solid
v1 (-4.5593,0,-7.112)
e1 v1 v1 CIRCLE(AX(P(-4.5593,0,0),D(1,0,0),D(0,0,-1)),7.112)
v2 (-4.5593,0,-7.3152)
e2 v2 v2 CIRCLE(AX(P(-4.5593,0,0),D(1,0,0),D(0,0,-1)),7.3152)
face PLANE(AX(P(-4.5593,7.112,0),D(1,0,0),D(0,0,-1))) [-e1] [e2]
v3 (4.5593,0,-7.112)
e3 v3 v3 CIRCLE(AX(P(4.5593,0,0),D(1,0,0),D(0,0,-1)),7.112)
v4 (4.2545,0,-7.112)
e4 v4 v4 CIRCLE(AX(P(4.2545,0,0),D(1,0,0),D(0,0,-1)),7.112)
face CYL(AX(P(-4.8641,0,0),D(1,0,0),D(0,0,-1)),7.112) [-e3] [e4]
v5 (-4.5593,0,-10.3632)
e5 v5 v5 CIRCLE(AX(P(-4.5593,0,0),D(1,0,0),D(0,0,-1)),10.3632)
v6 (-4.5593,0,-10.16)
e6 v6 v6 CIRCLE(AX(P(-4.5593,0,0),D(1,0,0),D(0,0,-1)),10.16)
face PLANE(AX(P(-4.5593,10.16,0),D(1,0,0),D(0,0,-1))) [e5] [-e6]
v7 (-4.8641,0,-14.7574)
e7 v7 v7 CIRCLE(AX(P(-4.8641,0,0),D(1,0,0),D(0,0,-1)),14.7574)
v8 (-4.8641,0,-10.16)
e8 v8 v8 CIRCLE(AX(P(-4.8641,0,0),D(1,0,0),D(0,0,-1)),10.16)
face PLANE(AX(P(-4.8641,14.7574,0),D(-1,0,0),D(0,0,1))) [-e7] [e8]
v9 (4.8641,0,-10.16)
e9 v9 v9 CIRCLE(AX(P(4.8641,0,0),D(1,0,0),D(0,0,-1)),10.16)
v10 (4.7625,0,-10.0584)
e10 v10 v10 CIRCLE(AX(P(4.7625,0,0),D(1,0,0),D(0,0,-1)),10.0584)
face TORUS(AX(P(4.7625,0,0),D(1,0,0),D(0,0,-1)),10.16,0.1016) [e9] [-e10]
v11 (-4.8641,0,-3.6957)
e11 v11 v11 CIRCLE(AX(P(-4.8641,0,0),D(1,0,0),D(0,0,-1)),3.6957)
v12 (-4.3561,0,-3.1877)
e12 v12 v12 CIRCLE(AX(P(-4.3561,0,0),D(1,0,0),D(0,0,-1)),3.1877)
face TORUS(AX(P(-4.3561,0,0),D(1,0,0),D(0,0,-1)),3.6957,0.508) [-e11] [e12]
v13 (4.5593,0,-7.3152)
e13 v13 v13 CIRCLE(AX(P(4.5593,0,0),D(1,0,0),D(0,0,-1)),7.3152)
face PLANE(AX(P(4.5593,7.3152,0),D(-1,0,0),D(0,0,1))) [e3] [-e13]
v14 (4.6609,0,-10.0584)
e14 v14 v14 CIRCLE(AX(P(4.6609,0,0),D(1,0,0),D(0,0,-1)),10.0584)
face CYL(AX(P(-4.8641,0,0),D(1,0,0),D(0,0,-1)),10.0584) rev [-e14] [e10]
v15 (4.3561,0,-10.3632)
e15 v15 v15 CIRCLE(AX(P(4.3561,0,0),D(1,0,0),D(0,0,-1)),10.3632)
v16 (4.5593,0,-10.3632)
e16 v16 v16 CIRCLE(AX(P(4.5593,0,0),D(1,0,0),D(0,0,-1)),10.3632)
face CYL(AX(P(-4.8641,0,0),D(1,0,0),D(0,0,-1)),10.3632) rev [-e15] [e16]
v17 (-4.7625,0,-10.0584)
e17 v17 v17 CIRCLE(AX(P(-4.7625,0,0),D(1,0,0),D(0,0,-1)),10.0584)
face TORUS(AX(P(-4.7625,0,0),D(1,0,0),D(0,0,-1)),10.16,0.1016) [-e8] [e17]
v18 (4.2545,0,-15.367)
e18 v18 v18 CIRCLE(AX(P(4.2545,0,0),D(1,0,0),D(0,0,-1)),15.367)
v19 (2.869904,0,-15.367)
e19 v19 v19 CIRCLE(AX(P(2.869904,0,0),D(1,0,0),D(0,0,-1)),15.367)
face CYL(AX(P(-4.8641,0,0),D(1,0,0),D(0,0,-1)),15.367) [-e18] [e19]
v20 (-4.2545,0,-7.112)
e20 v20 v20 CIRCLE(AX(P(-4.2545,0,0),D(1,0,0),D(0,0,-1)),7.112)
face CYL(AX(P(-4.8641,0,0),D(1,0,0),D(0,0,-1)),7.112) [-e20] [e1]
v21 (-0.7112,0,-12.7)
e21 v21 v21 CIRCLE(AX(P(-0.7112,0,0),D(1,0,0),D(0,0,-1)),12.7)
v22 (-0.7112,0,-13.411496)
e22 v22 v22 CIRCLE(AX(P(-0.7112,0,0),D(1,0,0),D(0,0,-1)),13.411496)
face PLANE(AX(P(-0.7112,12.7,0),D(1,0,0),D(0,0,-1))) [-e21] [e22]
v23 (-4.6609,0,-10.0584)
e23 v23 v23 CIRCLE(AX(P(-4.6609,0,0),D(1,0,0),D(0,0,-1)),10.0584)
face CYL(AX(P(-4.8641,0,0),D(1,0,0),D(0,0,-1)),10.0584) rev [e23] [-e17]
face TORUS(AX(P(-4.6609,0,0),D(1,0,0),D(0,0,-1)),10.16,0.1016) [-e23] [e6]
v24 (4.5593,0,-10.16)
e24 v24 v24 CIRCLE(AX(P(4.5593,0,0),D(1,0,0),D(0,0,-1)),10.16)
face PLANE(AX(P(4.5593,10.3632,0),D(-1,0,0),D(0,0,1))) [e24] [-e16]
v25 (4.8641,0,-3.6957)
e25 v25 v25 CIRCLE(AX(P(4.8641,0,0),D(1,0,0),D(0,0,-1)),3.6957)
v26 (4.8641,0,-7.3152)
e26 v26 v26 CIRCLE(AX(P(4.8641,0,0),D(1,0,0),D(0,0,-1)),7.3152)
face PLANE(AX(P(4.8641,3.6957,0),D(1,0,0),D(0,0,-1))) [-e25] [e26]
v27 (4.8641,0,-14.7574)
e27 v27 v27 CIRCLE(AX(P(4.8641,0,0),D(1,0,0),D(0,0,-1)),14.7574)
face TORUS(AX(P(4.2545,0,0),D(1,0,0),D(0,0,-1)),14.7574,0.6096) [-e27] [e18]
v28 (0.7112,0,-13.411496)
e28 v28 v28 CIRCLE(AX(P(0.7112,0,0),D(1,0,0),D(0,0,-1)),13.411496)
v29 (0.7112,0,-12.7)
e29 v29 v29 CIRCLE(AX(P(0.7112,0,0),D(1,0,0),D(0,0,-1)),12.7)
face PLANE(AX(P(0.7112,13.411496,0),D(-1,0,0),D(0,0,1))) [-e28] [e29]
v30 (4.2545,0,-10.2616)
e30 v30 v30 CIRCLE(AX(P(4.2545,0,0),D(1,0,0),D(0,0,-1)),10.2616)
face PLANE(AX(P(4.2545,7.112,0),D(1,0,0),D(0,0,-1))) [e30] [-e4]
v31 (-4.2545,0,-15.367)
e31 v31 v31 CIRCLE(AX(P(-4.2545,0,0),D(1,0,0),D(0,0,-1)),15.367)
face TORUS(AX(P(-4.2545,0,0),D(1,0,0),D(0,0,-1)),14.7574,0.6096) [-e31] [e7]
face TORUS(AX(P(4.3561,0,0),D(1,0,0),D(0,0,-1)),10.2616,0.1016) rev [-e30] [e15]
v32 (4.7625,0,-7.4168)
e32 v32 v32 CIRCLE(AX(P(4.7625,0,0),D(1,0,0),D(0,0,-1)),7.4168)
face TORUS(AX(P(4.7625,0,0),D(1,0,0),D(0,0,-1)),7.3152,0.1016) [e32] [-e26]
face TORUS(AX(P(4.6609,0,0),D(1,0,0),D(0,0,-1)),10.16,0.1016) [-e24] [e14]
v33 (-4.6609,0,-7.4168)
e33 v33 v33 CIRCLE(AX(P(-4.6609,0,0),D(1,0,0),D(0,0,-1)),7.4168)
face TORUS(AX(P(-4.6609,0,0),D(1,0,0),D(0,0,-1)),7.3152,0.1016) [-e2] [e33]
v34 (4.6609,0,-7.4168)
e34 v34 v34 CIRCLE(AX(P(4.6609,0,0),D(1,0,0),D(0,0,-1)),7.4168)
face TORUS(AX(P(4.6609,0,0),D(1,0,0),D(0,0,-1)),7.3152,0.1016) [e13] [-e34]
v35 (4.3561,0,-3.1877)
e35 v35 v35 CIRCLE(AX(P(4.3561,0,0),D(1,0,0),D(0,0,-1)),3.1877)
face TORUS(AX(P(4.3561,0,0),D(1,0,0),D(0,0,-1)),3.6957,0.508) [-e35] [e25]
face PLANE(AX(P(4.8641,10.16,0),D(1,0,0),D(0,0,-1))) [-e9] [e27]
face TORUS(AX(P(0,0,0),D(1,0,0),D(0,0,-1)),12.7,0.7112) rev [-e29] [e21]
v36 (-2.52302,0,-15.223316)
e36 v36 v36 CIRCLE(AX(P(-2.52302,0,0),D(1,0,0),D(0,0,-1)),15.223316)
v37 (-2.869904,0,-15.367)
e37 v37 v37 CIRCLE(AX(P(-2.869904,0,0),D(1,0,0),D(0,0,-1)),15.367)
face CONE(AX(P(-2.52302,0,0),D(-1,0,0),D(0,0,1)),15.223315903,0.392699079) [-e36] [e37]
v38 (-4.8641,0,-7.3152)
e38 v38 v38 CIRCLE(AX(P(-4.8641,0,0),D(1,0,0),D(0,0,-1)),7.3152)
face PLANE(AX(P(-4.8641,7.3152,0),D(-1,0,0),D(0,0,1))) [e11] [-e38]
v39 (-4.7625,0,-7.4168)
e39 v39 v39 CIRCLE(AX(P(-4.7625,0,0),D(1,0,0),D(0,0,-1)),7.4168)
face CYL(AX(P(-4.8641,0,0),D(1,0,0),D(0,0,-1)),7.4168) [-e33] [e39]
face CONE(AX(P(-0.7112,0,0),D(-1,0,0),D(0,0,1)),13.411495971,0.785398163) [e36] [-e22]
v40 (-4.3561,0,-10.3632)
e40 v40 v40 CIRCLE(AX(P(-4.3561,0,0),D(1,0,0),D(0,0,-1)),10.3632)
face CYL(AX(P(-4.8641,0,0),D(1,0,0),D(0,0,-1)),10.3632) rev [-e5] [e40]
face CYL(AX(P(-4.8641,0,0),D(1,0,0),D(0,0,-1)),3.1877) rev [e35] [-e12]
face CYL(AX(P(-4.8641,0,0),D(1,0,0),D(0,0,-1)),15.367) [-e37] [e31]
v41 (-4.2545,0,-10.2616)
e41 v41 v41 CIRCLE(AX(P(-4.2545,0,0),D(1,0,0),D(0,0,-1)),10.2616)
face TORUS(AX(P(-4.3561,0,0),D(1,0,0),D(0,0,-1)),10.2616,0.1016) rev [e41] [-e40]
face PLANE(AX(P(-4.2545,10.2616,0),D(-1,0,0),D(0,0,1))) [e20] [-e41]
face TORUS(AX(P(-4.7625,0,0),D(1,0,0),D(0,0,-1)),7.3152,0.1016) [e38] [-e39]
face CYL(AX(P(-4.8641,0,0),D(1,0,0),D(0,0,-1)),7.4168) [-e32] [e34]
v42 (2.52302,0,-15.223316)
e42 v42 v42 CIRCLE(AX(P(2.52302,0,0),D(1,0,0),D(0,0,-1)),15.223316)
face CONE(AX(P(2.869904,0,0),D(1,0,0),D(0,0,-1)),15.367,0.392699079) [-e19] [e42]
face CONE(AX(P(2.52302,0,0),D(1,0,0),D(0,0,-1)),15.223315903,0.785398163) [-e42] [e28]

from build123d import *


with BuildPart() as part:
    # Sketch1 → Revolve1 (revolve)
    with BuildSketch(Plane.XY, mode=Mode.PRIVATE) as revolve1_sk:
        with BuildLine():
            Line((-4.8641, 7.3152), (-4.8641, 3.6957))
            ThreePointArc((-4.8641, 3.6957), (-4.715310245, 3.336489755), (-4.3561, 3.1877))
            Line((-4.3561, 3.1877), (4.3561, 3.1877))
            ThreePointArc((4.3561, 3.1877), (4.715310245, 3.336489755), (4.8641, 3.6957))
            Line((4.8641, 3.6957), (4.8641, 7.3152))
            ThreePointArc((4.8641, 7.3152), (4.834342049, 7.387042049), (4.7625, 7.4168))
            Line((4.7625, 7.4168), (4.6609, 7.4168))
            ThreePointArc((4.6609, 7.4168), (4.589057951, 7.387042049), (4.5593, 7.3152))
            Line((4.5593, 7.3152), (4.5593, 7.112))
            Line((4.5593, 7.112), (4.2545, 7.112))
            Line((4.2545, 7.112), (4.2545, 10.2616))
            ThreePointArc((4.2545, 10.2616), (4.284257951, 10.333442049), (4.3561, 10.3632))
            Line((4.3561, 10.3632), (4.5593, 10.3632))
            Line((4.5593, 10.3632), (4.5593, 10.16))
            ThreePointArc((4.5593, 10.16), (4.589057951, 10.088157951), (4.6609, 10.0584))
            Line((4.6609, 10.0584), (4.7625, 10.0584))
            ThreePointArc((4.7625, 10.0584), (4.834342049, 10.088157951), (4.8641, 10.16))
            Line((4.8641, 10.16), (4.8641, 14.7574))
            ThreePointArc((4.8641, 14.7574), (4.685552294, 15.188452294), (4.2545, 15.367))
            Line((4.2545, 15.367), (2.86990403, 15.367))
            Line((2.86990403, 15.367), (2.523019932, 15.223315903))
            Line((2.523019932, 15.223315903), (0.7112, 13.411495971))
            Line((0.7112, 13.411495971), (0.7112, 12.700000025))
            ThreePointArc((0.7112, 12.700000025), (0, 11.988800025), (-0.7112, 12.700000025))
            Line((-0.7112, 12.700000025), (-0.7112, 13.411495971))
            Line((-0.7112, 13.411495971), (-2.523019932, 15.223315903))
            Line((-2.523019932, 15.223315903), (-2.86990403, 15.367))
            Line((-2.86990403, 15.367), (-4.2545, 15.367))
            ThreePointArc((-4.2545, 15.367), (-4.685552294, 15.188452294), (-4.8641, 14.7574))
            Line((-4.8641, 14.7574), (-4.8641, 10.16))
            ThreePointArc((-4.8641, 10.16), (-4.834342049, 10.088157951), (-4.7625, 10.0584))
            Line((-4.7625, 10.0584), (-4.6609, 10.0584))
            ThreePointArc((-4.6609, 10.0584), (-4.589057951, 10.088157951), (-4.5593, 10.16))
            Line((-4.5593, 10.16), (-4.5593, 10.3632))
            Line((-4.5593, 10.3632), (-4.3561, 10.3632))
            ThreePointArc((-4.3561, 10.3632), (-4.284257951, 10.333442049), (-4.2545, 10.2616))
            Line((-4.2545, 10.2616), (-4.2545, 7.112))
            Line((-4.2545, 7.112), (-4.5593, 7.112))
            Line((-4.5593, 7.112), (-4.5593, 7.3152))
            ThreePointArc((-4.5593, 7.3152), (-4.589057951, 7.387042049), (-4.6609, 7.4168))
            Line((-4.6609, 7.4168), (-4.7625, 7.4168))
            ThreePointArc((-4.7625, 7.4168), (-4.834342049, 7.387042049), (-4.8641, 7.3152))
        make_face()
    revolve(revolve1_sk.sketch.rotate(Axis((-4.8641, 0, 0), (1, 0, 0)), 270), axis=Axis((-4.8641, 0, 0), (1, 0, 0)))


solid = part.part
